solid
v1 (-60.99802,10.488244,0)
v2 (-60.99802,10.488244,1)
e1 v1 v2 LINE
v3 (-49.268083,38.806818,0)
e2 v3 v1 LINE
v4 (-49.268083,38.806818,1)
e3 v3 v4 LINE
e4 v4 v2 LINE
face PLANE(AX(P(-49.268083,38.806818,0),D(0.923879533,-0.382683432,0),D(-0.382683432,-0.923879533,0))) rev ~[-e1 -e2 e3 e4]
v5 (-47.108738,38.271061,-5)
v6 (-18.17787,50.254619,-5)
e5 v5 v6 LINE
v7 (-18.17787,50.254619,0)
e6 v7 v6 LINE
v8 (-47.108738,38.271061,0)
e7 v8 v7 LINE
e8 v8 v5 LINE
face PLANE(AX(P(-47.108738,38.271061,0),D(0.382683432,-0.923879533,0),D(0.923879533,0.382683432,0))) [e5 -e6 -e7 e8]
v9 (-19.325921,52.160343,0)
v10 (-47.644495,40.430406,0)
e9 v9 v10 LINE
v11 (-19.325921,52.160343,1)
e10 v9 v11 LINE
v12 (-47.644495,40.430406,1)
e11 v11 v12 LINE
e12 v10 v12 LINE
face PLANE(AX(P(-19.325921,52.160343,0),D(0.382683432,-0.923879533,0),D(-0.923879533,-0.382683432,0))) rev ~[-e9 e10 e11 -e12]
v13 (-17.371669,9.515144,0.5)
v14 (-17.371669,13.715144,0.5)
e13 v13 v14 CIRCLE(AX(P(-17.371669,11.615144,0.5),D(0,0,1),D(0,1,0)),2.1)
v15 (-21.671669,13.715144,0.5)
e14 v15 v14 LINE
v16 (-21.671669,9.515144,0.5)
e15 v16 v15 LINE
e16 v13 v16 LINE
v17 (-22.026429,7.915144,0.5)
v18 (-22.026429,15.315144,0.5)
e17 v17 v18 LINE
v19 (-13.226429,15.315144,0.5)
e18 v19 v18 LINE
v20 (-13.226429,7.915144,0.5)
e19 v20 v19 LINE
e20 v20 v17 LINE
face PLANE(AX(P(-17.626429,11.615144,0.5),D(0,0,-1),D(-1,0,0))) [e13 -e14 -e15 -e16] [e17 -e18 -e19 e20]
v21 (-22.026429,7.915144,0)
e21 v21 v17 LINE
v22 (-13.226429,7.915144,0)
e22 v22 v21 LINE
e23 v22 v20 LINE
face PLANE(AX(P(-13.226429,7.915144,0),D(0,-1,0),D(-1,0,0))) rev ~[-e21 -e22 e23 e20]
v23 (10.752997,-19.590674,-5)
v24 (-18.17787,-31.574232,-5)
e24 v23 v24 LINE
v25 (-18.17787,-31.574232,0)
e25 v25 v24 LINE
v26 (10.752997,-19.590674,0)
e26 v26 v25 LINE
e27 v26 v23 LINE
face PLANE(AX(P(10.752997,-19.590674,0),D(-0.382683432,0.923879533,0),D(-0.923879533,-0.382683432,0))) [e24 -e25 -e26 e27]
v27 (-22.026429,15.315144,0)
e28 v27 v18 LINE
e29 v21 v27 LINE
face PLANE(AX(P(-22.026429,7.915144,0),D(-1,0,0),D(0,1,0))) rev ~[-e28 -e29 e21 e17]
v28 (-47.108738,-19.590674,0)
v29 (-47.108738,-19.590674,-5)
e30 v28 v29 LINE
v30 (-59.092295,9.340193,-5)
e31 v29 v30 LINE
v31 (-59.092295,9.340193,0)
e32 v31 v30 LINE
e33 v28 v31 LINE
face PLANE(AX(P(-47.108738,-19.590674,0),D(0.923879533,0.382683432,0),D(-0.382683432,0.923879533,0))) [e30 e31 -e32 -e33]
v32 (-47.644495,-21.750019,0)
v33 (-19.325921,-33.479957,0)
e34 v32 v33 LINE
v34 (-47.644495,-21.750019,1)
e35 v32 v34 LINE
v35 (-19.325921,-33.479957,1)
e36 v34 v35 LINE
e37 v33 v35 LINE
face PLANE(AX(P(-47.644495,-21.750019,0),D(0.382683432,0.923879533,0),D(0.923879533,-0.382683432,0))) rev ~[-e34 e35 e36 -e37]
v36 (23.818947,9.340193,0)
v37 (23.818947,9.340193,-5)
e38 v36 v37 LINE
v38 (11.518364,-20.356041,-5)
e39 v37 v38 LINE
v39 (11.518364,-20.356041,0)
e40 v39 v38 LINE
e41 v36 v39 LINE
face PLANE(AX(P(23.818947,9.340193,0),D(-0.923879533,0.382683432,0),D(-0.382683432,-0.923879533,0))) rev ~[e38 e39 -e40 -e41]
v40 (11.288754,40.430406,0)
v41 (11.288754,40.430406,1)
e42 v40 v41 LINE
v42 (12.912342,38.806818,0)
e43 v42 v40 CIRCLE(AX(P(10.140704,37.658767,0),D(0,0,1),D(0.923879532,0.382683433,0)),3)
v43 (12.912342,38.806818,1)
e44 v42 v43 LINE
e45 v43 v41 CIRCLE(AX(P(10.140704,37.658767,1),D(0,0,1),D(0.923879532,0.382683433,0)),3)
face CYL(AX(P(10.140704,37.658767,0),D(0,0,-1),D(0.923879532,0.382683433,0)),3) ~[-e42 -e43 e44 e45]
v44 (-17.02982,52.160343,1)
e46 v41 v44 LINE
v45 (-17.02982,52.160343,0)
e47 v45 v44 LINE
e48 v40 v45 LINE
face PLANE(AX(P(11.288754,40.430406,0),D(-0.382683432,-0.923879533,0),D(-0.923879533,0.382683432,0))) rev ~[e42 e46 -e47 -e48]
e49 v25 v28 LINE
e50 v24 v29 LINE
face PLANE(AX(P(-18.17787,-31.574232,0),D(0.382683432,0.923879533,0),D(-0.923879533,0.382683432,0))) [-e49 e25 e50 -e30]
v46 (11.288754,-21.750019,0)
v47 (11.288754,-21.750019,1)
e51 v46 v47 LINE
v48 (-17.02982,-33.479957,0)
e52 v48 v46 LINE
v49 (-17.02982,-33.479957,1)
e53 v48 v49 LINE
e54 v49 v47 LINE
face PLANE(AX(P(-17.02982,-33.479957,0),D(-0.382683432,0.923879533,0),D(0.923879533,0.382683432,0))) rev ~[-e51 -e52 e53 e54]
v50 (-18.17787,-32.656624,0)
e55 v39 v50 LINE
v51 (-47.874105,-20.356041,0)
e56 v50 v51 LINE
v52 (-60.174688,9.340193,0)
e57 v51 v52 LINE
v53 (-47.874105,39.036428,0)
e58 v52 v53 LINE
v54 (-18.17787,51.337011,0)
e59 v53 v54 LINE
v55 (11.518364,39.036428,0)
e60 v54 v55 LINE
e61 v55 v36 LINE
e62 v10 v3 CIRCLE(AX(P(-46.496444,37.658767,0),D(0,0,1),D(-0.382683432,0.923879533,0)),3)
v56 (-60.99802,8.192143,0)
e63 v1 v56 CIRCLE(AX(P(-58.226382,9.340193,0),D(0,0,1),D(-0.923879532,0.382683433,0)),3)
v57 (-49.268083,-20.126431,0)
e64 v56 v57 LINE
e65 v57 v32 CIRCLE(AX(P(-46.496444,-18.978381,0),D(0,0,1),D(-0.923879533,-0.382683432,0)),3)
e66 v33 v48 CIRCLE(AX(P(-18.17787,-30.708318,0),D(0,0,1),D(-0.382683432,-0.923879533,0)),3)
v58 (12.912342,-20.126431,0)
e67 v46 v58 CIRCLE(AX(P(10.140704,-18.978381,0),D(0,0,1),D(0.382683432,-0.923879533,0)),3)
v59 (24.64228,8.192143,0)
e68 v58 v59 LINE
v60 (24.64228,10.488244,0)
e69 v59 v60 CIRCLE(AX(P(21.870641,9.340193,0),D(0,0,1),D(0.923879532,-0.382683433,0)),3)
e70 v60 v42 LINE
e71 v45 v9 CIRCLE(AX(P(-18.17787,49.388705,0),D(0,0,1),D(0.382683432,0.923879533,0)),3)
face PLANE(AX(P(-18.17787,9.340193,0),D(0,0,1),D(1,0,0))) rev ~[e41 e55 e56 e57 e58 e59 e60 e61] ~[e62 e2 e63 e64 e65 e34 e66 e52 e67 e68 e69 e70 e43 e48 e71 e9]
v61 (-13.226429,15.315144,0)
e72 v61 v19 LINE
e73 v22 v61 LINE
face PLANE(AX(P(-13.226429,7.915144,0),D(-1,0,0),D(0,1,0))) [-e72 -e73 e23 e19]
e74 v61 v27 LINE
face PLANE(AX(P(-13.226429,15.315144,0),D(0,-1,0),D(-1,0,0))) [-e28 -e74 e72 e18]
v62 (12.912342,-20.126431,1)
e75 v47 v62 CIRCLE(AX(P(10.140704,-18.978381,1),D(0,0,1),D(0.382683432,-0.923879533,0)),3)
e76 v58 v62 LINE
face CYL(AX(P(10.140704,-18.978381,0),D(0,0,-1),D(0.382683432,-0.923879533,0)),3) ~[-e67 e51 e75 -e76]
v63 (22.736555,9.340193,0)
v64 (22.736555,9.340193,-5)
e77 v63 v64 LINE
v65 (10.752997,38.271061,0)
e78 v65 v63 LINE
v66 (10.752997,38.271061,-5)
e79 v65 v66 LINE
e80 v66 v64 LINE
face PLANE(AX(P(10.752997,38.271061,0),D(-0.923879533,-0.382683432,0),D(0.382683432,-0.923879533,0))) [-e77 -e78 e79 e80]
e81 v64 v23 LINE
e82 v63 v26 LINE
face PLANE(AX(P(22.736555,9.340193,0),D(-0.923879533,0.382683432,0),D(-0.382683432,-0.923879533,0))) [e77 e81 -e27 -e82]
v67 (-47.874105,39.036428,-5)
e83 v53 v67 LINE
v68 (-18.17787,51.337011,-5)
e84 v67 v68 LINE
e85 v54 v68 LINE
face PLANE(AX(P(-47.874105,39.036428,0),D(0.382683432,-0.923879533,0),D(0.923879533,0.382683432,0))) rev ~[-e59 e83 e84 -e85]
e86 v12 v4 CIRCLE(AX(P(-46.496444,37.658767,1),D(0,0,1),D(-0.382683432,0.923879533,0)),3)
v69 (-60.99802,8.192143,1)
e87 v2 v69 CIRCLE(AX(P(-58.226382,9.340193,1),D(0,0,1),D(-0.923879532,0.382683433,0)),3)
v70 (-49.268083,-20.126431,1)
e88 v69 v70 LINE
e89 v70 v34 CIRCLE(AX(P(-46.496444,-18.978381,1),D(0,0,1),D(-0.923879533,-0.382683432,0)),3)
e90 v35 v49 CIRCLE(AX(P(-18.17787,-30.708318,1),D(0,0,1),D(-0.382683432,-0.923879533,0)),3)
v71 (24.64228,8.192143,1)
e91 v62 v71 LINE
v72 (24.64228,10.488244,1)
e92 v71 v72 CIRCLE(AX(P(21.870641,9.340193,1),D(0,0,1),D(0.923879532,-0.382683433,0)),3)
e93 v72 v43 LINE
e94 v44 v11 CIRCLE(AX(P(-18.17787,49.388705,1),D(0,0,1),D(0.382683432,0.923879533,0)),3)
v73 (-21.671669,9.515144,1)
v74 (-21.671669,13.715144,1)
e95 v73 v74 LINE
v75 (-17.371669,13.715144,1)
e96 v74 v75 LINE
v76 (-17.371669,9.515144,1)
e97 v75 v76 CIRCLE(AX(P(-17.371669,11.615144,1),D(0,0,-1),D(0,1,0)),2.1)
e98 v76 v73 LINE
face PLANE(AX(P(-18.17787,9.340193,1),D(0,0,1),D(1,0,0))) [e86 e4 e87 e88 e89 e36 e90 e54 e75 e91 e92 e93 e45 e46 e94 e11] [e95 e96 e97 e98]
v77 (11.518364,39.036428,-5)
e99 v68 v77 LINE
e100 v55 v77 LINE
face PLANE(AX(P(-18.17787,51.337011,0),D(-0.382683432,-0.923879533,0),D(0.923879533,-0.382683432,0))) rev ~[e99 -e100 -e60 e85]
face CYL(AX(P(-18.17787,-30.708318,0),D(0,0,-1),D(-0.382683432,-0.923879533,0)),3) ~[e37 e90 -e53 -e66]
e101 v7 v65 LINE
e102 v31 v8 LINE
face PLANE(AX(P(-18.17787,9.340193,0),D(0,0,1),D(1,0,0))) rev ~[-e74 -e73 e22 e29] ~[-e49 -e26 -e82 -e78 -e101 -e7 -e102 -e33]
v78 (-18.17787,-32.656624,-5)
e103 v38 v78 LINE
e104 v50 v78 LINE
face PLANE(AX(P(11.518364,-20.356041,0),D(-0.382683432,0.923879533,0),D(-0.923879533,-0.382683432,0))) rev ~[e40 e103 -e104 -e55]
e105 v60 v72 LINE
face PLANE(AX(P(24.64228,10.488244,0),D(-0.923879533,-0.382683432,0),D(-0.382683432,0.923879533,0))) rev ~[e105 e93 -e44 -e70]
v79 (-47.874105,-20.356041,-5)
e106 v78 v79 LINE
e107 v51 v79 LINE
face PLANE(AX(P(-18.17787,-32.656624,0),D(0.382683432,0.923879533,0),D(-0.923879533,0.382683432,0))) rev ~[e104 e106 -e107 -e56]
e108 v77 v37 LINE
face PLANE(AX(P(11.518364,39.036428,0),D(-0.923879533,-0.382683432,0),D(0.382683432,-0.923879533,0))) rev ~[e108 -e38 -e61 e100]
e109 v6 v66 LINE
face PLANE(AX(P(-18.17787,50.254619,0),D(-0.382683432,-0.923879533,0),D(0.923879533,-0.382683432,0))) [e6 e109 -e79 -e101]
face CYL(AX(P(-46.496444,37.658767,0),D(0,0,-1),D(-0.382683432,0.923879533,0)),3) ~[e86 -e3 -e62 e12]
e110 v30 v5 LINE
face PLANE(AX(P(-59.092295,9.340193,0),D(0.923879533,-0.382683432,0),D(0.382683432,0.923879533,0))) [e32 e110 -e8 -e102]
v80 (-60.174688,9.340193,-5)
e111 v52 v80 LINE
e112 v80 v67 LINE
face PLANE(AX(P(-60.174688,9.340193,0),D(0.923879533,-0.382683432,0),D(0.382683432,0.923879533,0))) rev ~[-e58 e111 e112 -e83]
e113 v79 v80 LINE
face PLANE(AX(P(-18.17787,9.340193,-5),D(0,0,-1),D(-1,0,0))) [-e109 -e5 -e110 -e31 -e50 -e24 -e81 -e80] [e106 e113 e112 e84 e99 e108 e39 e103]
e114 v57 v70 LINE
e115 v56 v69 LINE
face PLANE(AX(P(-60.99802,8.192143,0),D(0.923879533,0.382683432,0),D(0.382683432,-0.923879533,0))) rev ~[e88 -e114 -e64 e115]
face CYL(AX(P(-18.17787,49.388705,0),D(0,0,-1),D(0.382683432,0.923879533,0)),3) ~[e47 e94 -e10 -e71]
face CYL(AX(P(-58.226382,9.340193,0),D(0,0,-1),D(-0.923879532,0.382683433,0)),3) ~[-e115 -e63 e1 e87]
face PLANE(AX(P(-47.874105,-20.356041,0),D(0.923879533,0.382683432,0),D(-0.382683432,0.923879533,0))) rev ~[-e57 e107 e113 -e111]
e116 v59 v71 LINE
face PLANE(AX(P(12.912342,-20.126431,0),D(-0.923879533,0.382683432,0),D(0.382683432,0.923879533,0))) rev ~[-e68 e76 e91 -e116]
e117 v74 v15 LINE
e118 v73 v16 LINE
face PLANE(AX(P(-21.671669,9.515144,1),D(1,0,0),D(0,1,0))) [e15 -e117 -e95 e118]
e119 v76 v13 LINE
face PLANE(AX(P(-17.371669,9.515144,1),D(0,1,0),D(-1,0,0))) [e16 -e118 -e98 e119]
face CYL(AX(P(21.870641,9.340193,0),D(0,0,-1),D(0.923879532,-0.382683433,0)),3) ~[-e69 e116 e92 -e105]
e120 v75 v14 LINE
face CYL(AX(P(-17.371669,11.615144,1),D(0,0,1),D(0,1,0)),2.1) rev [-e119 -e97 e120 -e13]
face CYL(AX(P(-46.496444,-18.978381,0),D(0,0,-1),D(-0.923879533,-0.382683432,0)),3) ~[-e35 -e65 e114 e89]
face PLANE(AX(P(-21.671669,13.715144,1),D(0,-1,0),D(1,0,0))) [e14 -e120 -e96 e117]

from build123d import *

# Parameters (mm, degrees)
BOSS_EXTRU_1_DEPTH      = 1
ENL_V_MAT_EXTRU_1_DEPTH = 1
BOSS_EXTRU_2_DEPTH      = 5
ESQUISSE4_W             = 8.8
ESQUISSE4_H             = 7.4
ENL_V_MAT_EXTRU_2_DEPTH = 0.5


with BuildPart() as part:
    # Esquisse1 → Boss.-Extru.1 (new body)
    with BuildSketch(Plane.XY):
        with BuildLine():
            Line((-19.325920559, 52.160343492), (-47.644494554, 40.430406076))
            ThreePointArc((-47.644494554, 40.430406076), (-48.617764601, 39.780087822), (-49.268082855, 38.806817776))
            Line((-49.268082855, 38.806817776), (-60.99802027, 10.488243781))
            ThreePointArc((-60.99802027, 10.488243781), (-61.226381673, 9.340193484), (-60.99802027, 8.192143187))
            Line((-60.99802027, 8.192143187), (-49.268082855, -20.126430808))
            ThreePointArc((-49.268082855, -20.126430808), (-48.617764601, -21.099700855), (-47.644494554, -21.750019109))
            Line((-47.644494554, -21.750019109), (-19.325920559, -33.479956525))
            ThreePointArc((-19.325920559, -33.479956525), (-18.177870262, -33.708317927), (-17.029819965, -33.479956525))
            Line((-17.029819965, -33.479956525), (11.28875403, -21.750019109))
            ThreePointArc((11.28875403, -21.750019109), (12.262024077, -21.099700855), (12.912342331, -20.126430808))
            Line((12.912342331, -20.126430808), (24.642279746, 8.192143187))
            ThreePointArc((24.642279746, 8.192143187), (24.870641149, 9.340193484), (24.642279746, 10.488243781))
            Line((24.642279746, 10.488243781), (12.912342331, 38.806817776))
            ThreePointArc((12.912342331, 38.806817776), (12.262024077, 39.780087822), (11.28875403, 40.430406076))
            Line((11.28875403, 40.430406076), (-17.029819965, 52.160343492))
            ThreePointArc((-17.029819965, 52.160343492), (-18.177870262, 52.388704894), (-19.325920559, 52.160343492))
        make_face()
    extrude(amount=BOSS_EXTRU_1_DEPTH)

    # Esquisse2 → Enlèv. mat.-Extru.1 (cut)
    with BuildSketch(Plane.XY.offset(1)):
        with BuildLine():
            Line((-21.671668776, 13.7151444), (-17.371668776, 13.7151444))
            ThreePointArc((-17.371668776, 13.7151444), (-15.271668776, 11.6151444), (-17.371668776, 9.5151444))
            Line((-17.371668776, 9.5151444), (-21.671668776, 9.5151444))
            Line((-21.671668776, 9.5151444), (-21.671668776, 13.7151444))
        make_face()
    extrude(amount=-ENL_V_MAT_EXTRU_1_DEPTH, mode=Mode.SUBTRACT)

    # Esquisse3 → Boss.-Extru.2 (add)
    with BuildSketch(Plane(origin=(0, 0, 0), x_dir=(-1, 0, 0), z_dir=(0, 0, -1))):
        Polygon((47.874104614, 39.036427835), (18.177870262, 51.337010855), (-11.51836409, 39.036427835), (-23.818947109, 9.340193484), (-11.51836409, -20.356040868), (18.177870262, -32.656623888), (47.874104614, -20.356040868), (60.174687633, 9.340193484), align=None)
        Polygon((47.108737749, 38.27106097), (18.177870262, 50.254618655), (-10.752997225, 38.27106097), (-22.736554909, 9.340193484), (-10.752997225, -19.590674003), (18.177870262, -31.574231687), (47.108737749, -19.590674003), (59.092295433, 9.340193484), align=None, mode=Mode.SUBTRACT)
    extrude(amount=BOSS_EXTRU_2_DEPTH)

    # Esquisse4 → Enlèv. mat.-Extru.2 (cut)
    with BuildSketch(Plane(origin=(0, 0, 0), x_dir=(-1, 0, 0), z_dir=(0, 0, -1))):
        with Locations((17.626428794, 11.6151444)):
            Rectangle(ESQUISSE4_W, ESQUISSE4_H)
    extrude(amount=-ENL_V_MAT_EXTRU_2_DEPTH, mode=Mode.SUBTRACT)


solid = part.part
